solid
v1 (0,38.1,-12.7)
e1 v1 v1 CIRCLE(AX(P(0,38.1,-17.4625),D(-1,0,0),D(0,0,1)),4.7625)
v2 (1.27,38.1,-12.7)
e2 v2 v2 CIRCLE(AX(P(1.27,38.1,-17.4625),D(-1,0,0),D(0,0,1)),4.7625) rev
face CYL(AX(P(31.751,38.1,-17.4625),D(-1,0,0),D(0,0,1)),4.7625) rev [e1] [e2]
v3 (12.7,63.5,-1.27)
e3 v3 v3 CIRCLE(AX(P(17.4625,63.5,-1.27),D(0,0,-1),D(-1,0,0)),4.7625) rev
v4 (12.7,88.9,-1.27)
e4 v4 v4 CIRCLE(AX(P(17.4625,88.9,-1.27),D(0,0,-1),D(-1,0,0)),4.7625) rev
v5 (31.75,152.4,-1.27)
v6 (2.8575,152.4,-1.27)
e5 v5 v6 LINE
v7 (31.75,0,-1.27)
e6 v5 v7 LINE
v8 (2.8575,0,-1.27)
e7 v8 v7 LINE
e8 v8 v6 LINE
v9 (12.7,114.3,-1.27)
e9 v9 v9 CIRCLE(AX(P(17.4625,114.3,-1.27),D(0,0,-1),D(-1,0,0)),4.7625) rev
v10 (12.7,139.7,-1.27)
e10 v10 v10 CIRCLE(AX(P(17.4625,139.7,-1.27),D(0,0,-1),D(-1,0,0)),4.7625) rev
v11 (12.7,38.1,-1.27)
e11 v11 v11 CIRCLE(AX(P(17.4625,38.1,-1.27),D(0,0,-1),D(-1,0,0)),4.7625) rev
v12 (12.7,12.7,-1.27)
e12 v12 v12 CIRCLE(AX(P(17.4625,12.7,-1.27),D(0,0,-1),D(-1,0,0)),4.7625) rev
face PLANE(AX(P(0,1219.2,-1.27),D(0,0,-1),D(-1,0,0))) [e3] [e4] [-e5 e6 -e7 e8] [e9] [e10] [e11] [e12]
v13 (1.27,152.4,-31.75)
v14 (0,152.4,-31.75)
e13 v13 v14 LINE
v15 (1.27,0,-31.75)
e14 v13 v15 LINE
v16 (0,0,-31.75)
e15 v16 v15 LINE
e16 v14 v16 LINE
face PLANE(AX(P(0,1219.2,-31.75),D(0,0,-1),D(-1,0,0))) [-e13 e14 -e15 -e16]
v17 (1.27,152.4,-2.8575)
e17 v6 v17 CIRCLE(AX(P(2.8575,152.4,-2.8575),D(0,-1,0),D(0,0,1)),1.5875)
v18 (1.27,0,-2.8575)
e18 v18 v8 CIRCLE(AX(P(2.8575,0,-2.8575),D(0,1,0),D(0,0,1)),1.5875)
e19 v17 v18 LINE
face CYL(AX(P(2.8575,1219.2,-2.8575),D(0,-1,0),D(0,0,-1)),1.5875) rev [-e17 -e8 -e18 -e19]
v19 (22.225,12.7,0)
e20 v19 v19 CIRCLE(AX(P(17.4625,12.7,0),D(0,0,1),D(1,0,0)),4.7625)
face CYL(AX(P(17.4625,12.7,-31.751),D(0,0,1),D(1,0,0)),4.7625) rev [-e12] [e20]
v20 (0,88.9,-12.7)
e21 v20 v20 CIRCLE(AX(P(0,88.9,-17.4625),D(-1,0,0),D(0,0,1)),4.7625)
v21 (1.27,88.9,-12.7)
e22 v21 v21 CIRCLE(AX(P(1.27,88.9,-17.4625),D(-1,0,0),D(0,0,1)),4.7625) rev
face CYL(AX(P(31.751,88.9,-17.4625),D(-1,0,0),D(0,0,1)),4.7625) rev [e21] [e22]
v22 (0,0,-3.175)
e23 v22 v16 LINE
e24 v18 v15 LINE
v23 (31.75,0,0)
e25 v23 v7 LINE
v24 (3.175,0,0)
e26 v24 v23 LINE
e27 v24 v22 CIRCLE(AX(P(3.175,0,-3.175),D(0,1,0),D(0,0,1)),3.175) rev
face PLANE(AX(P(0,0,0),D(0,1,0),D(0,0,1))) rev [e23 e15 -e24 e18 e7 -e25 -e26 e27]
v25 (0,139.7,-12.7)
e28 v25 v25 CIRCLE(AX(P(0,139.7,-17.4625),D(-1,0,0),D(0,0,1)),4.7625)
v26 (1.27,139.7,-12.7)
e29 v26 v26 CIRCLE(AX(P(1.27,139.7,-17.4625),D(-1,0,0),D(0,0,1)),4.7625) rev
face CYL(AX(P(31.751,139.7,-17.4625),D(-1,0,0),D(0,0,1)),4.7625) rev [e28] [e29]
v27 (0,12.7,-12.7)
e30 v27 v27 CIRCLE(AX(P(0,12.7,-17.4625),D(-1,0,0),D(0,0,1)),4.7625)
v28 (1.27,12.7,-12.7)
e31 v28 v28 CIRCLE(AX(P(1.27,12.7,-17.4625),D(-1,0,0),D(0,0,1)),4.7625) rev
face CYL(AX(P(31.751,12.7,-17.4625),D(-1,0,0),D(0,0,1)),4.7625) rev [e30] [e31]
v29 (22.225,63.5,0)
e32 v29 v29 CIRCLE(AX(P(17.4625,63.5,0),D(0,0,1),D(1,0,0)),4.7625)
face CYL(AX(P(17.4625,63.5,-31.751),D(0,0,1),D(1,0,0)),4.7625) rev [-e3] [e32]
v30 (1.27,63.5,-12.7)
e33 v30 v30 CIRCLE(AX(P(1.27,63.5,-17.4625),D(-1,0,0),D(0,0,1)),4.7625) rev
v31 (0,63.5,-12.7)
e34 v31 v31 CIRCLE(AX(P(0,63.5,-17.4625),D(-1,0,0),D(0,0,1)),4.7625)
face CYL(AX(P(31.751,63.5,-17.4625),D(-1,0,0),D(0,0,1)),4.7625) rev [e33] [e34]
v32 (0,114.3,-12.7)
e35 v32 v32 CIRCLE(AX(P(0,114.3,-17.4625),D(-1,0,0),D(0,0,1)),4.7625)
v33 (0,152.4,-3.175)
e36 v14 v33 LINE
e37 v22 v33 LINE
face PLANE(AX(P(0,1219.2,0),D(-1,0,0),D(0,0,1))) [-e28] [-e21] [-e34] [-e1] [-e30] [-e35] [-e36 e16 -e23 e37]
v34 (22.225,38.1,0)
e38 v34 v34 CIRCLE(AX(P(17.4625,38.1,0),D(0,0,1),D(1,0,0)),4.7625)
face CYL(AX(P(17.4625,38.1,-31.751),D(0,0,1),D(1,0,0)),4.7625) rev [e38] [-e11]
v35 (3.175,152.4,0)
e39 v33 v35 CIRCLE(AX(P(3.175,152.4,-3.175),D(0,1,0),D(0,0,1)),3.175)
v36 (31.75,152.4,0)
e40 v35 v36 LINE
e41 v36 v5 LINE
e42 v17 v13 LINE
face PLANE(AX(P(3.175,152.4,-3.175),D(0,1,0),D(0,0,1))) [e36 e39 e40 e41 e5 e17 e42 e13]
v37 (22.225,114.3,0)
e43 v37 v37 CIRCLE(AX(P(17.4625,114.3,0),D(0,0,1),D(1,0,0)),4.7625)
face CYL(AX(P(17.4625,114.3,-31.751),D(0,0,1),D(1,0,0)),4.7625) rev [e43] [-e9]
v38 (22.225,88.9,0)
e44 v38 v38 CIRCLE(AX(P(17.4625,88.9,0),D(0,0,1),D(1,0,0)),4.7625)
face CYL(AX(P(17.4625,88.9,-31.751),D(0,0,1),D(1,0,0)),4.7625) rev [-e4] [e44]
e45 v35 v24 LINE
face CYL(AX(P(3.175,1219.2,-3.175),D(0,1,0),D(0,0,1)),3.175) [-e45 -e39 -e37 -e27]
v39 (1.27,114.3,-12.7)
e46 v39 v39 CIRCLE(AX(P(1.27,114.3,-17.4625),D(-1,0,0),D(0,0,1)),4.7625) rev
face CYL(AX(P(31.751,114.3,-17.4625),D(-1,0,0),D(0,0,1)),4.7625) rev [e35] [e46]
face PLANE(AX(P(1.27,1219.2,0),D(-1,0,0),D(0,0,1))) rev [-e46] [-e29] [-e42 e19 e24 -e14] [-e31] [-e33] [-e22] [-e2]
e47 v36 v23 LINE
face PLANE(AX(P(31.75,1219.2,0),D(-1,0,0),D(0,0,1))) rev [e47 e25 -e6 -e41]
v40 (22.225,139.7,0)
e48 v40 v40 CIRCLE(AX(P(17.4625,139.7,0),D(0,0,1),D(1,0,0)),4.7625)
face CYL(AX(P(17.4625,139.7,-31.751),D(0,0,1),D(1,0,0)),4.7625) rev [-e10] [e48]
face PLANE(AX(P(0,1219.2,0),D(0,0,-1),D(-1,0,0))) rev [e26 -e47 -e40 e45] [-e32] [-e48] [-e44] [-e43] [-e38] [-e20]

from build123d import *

# Parameters (mm, degrees)
BOSS_EXTRUDE1_DEPTH = 1219.2
SKETCH3_R           = 4.7625
CUT_EXTRUDE1_DEPTH  = 1.27
SKETCH4_R           = 4.7625
CUT_EXTRUDE2_DEPTH  = 1.27
FILLET1_R           = 3.175
FILLET2_R           = 1.5875
CUT_EXTRUDE3_DEPTH  = 1066.8


with BuildPart() as part:
    # Sketch1 → Boss-Extrude1 (new body)
    with BuildSketch(Plane(origin=(0, 0, 0), x_dir=(1, 0, 0), z_dir=(0, 1, 0))):
        Polygon((1.27, 1.27), (1.27, 30.48), (1.27, 31.75), (0, 31.75), (0, 0), (31.75, 0), (31.75, 1.27), (30.48, 1.27), align=None)
    extrude(amount=BOSS_EXTRUDE1_DEPTH)

    # Sketch3 → Cut-Extrude1 (cut)
    with BuildSketch(Plane.ZY):
        with Locations((-17.4625, 12.7)):
            Circle(SKETCH3_R)
        with Locations((-17.4625, 38.1)):
            Circle(SKETCH3_R)
        with Locations((-17.4625, 63.5)):
            Circle(SKETCH3_R)
        with Locations((-17.4625, 88.9)):
            Circle(SKETCH3_R)
        with Locations((-17.4625, 114.3)):
            Circle(SKETCH3_R)
        with Locations((-17.4625, 139.7)):
            Circle(SKETCH3_R)
        with Locations((-17.4625, 165.1)):
            Circle(SKETCH3_R)
        with Locations((-17.4625, 190.5)):
            Circle(SKETCH3_R)
        with Locations((-17.4625, 215.9)):
            Circle(SKETCH3_R)
        with Locations((-17.4625, 241.3)):
            Circle(SKETCH3_R)
        with Locations((-17.4625, 266.7)):
            Circle(SKETCH3_R)
        with Locations((-17.4625, 292.1)):
            Circle(SKETCH3_R)
        with Locations((-17.4625, 317.5)):
            Circle(SKETCH3_R)
        with Locations((-17.4625, 342.9)):
            Circle(SKETCH3_R)
        with Locations((-17.4625, 368.3)):
            Circle(SKETCH3_R)
        with Locations((-17.4625, 393.7)):
            Circle(SKETCH3_R)
        with Locations((-17.4625, 419.1)):
            Circle(SKETCH3_R)
        with Locations((-17.4625, 444.5)):
            Circle(SKETCH3_R)
        with Locations((-17.4625, 469.9)):
            Circle(SKETCH3_R)
        with Locations((-17.4625, 495.3)):
            Circle(SKETCH3_R)
        with Locations((-17.4625, 520.7)):
            Circle(SKETCH3_R)
        with Locations((-17.4625, 546.1)):
            Circle(SKETCH3_R)
        with Locations((-17.4625, 571.5)):
            Circle(SKETCH3_R)
        with Locations((-17.4625, 596.9)):
            Circle(SKETCH3_R)
        with Locations((-17.4625, 622.3)):
            Circle(SKETCH3_R)
        with Locations((-17.4625, 647.7)):
            Circle(SKETCH3_R)
        with Locations((-17.4625, 673.1)):
            Circle(SKETCH3_R)
        with Locations((-17.4625, 698.5)):
            Circle(SKETCH3_R)
        with Locations((-17.4625, 723.9)):
            Circle(SKETCH3_R)
        with Locations((-17.4625, 749.3)):
            Circle(SKETCH3_R)
        with Locations((-17.4625, 774.7)):
            Circle(SKETCH3_R)
        with Locations((-17.4625, 800.1)):
            Circle(SKETCH3_R)
        with Locations((-17.4625, 825.5)):
            Circle(SKETCH3_R)
        with Locations((-17.4625, 850.9)):
            Circle(SKETCH3_R)
        with Locations((-17.4625, 876.3)):
            Circle(SKETCH3_R)
        with Locations((-17.4625, 901.7)):
            Circle(SKETCH3_R)
        with Locations((-17.4625, 927.1)):
            Circle(SKETCH3_R)
        with Locations((-17.4625, 952.5)):
            Circle(SKETCH3_R)
        with Locations((-17.4625, 977.9)):
            Circle(SKETCH3_R)
        with Locations((-17.4625, 1003.3)):
            Circle(SKETCH3_R)
        with Locations((-17.4625, 1028.7)):
            Circle(SKETCH3_R)
        with Locations((-17.4625, 1054.1)):
            Circle(SKETCH3_R)
        with Locations((-17.4625, 1079.5)):
            Circle(SKETCH3_R)
        with Locations((-17.4625, 1104.9)):
            Circle(SKETCH3_R)
        with Locations((-17.4625, 1130.3)):
            Circle(SKETCH3_R)
        with Locations((-17.4625, 1155.7)):
            Circle(SKETCH3_R)
        with Locations((-17.4625, 1181.1)):
            Circle(SKETCH3_R)
        with Locations((-17.4625, 1206.5)):
            Circle(SKETCH3_R)
    extrude(amount=-CUT_EXTRUDE1_DEPTH, mode=Mode.SUBTRACT)

    # Sketch4 → Cut-Extrude2 (cut)
    with BuildSketch(Plane.XY):
        with Locations((17.4625, 1206.5)):
            Circle(SKETCH4_R)
        with Locations((17.4625, 1181.1)):
            Circle(SKETCH4_R)
        with Locations((17.4625, 1155.7)):
            Circle(SKETCH4_R)
        with Locations((17.4625, 1130.3)):
            Circle(SKETCH4_R)
        with Locations((17.4625, 1104.9)):
            Circle(SKETCH4_R)
        with Locations((17.4625, 1079.5)):
            Circle(SKETCH4_R)
        with Locations((17.4625, 1054.1)):
            Circle(SKETCH4_R)
        with Locations((17.4625, 1028.7)):
            Circle(SKETCH4_R)
        with Locations((17.4625, 1003.3)):
            Circle(SKETCH4_R)
        with Locations((17.4625, 977.9)):
            Circle(SKETCH4_R)
        with Locations((17.4625, 952.5)):
            Circle(SKETCH4_R)
        with Locations((17.4625, 927.1)):
            Circle(SKETCH4_R)
        with Locations((17.4625, 901.7)):
            Circle(SKETCH4_R)
        with Locations((17.4625, 876.3)):
            Circle(SKETCH4_R)
        with Locations((17.4625, 850.9)):
            Circle(SKETCH4_R)
        with Locations((17.4625, 825.5)):
            Circle(SKETCH4_R)
        with Locations((17.4625, 800.1)):
            Circle(SKETCH4_R)
        with Locations((17.4625, 774.7)):
            Circle(SKETCH4_R)
        with Locations((17.4625, 749.3)):
            Circle(SKETCH4_R)
        with Locations((17.4625, 723.9)):
            Circle(SKETCH4_R)
        with Locations((17.4625, 698.5)):
            Circle(SKETCH4_R)
        with Locations((17.4625, 673.1)):
            Circle(SKETCH4_R)
        with Locations((17.4625, 647.7)):
            Circle(SKETCH4_R)
        with Locations((17.4625, 622.3)):
            Circle(SKETCH4_R)
        with Locations((17.4625, 596.9)):
            Circle(SKETCH4_R)
        with Locations((17.4625, 571.5)):
            Circle(SKETCH4_R)
        with Locations((17.4625, 546.1)):
            Circle(SKETCH4_R)
        with Locations((17.4625, 520.7)):
            Circle(SKETCH4_R)
        with Locations((17.4625, 495.3)):
            Circle(SKETCH4_R)
        with Locations((17.4625, 469.9)):
            Circle(SKETCH4_R)
        with Locations((17.4625, 444.5)):
            Circle(SKETCH4_R)
        with Locations((17.4625, 419.1)):
            Circle(SKETCH4_R)
        with Locations((17.4625, 393.7)):
            Circle(SKETCH4_R)
        with Locations((17.4625, 368.3)):
            Circle(SKETCH4_R)
        with Locations((17.4625, 342.9)):
            Circle(SKETCH4_R)
        with Locations((17.4625, 317.5)):
            Circle(SKETCH4_R)
        with Locations((17.4625, 292.1)):
            Circle(SKETCH4_R)
        with Locations((17.4625, 266.7)):
            Circle(SKETCH4_R)
        with Locations((17.4625, 241.3)):
            Circle(SKETCH4_R)
        with Locations((17.4625, 215.9)):
            Circle(SKETCH4_R)
        with Locations((17.4625, 190.5)):
            Circle(SKETCH4_R)
        with Locations((17.4625, 165.1)):
            Circle(SKETCH4_R)
        with Locations((17.4625, 139.7)):
            Circle(SKETCH4_R)
        with Locations((17.4625, 114.3)):
            Circle(SKETCH4_R)
        with Locations((17.4625, 88.9)):
            Circle(SKETCH4_R)
        with Locations((17.4625, 63.5)):
            Circle(SKETCH4_R)
        with Locations((17.4625, 38.1)):
            Circle(SKETCH4_R)
        with Locations((17.4625, 12.7)):
            Circle(SKETCH4_R)
    extrude(amount=-CUT_EXTRUDE2_DEPTH, mode=Mode.SUBTRACT)

    # Fillet1
    fillet1_edges = [part.edges().sort_by_distance(p)[0] for p in [
        (0, 609.6, 0),
    ]]
    fillet(fillet1_edges, radius=FILLET1_R)

    # Fillet2
    fillet2_edges = [part.edges().sort_by_distance(p)[0] for p in [
        (1.27, 609.6, -1.27),
    ]]
    fillet(fillet2_edges, radius=FILLET2_R)

    # Sketch5 → Cut-Extrude3 (cut)
    with BuildSketch(Plane(origin=(0, 1219.2, 0), x_dir=(1, 0, 0), z_dir=(0, 1, 0))):
        with BuildLine():
            Line((0, 31.75), (0, 3.175))
            ThreePointArc((0, 3.175), (0.92993597, 0.92993597), (3.175, 0))
            Line((3.175, 0), (31.75, 0))
            Line((31.75, 0), (31.75, 1.27))
            Line((31.75, 1.27), (2.8575, 1.27))
            ThreePointArc((2.8575, 1.27), (1.734967985, 1.734967985), (1.27, 2.8575))
            Line((1.27, 2.8575), (1.27, 31.75))
            Line((1.27, 31.75), (0, 31.75))
        make_face()
    extrude(amount=-CUT_EXTRUDE3_DEPTH, mode=Mode.SUBTRACT)


solid = part.part
